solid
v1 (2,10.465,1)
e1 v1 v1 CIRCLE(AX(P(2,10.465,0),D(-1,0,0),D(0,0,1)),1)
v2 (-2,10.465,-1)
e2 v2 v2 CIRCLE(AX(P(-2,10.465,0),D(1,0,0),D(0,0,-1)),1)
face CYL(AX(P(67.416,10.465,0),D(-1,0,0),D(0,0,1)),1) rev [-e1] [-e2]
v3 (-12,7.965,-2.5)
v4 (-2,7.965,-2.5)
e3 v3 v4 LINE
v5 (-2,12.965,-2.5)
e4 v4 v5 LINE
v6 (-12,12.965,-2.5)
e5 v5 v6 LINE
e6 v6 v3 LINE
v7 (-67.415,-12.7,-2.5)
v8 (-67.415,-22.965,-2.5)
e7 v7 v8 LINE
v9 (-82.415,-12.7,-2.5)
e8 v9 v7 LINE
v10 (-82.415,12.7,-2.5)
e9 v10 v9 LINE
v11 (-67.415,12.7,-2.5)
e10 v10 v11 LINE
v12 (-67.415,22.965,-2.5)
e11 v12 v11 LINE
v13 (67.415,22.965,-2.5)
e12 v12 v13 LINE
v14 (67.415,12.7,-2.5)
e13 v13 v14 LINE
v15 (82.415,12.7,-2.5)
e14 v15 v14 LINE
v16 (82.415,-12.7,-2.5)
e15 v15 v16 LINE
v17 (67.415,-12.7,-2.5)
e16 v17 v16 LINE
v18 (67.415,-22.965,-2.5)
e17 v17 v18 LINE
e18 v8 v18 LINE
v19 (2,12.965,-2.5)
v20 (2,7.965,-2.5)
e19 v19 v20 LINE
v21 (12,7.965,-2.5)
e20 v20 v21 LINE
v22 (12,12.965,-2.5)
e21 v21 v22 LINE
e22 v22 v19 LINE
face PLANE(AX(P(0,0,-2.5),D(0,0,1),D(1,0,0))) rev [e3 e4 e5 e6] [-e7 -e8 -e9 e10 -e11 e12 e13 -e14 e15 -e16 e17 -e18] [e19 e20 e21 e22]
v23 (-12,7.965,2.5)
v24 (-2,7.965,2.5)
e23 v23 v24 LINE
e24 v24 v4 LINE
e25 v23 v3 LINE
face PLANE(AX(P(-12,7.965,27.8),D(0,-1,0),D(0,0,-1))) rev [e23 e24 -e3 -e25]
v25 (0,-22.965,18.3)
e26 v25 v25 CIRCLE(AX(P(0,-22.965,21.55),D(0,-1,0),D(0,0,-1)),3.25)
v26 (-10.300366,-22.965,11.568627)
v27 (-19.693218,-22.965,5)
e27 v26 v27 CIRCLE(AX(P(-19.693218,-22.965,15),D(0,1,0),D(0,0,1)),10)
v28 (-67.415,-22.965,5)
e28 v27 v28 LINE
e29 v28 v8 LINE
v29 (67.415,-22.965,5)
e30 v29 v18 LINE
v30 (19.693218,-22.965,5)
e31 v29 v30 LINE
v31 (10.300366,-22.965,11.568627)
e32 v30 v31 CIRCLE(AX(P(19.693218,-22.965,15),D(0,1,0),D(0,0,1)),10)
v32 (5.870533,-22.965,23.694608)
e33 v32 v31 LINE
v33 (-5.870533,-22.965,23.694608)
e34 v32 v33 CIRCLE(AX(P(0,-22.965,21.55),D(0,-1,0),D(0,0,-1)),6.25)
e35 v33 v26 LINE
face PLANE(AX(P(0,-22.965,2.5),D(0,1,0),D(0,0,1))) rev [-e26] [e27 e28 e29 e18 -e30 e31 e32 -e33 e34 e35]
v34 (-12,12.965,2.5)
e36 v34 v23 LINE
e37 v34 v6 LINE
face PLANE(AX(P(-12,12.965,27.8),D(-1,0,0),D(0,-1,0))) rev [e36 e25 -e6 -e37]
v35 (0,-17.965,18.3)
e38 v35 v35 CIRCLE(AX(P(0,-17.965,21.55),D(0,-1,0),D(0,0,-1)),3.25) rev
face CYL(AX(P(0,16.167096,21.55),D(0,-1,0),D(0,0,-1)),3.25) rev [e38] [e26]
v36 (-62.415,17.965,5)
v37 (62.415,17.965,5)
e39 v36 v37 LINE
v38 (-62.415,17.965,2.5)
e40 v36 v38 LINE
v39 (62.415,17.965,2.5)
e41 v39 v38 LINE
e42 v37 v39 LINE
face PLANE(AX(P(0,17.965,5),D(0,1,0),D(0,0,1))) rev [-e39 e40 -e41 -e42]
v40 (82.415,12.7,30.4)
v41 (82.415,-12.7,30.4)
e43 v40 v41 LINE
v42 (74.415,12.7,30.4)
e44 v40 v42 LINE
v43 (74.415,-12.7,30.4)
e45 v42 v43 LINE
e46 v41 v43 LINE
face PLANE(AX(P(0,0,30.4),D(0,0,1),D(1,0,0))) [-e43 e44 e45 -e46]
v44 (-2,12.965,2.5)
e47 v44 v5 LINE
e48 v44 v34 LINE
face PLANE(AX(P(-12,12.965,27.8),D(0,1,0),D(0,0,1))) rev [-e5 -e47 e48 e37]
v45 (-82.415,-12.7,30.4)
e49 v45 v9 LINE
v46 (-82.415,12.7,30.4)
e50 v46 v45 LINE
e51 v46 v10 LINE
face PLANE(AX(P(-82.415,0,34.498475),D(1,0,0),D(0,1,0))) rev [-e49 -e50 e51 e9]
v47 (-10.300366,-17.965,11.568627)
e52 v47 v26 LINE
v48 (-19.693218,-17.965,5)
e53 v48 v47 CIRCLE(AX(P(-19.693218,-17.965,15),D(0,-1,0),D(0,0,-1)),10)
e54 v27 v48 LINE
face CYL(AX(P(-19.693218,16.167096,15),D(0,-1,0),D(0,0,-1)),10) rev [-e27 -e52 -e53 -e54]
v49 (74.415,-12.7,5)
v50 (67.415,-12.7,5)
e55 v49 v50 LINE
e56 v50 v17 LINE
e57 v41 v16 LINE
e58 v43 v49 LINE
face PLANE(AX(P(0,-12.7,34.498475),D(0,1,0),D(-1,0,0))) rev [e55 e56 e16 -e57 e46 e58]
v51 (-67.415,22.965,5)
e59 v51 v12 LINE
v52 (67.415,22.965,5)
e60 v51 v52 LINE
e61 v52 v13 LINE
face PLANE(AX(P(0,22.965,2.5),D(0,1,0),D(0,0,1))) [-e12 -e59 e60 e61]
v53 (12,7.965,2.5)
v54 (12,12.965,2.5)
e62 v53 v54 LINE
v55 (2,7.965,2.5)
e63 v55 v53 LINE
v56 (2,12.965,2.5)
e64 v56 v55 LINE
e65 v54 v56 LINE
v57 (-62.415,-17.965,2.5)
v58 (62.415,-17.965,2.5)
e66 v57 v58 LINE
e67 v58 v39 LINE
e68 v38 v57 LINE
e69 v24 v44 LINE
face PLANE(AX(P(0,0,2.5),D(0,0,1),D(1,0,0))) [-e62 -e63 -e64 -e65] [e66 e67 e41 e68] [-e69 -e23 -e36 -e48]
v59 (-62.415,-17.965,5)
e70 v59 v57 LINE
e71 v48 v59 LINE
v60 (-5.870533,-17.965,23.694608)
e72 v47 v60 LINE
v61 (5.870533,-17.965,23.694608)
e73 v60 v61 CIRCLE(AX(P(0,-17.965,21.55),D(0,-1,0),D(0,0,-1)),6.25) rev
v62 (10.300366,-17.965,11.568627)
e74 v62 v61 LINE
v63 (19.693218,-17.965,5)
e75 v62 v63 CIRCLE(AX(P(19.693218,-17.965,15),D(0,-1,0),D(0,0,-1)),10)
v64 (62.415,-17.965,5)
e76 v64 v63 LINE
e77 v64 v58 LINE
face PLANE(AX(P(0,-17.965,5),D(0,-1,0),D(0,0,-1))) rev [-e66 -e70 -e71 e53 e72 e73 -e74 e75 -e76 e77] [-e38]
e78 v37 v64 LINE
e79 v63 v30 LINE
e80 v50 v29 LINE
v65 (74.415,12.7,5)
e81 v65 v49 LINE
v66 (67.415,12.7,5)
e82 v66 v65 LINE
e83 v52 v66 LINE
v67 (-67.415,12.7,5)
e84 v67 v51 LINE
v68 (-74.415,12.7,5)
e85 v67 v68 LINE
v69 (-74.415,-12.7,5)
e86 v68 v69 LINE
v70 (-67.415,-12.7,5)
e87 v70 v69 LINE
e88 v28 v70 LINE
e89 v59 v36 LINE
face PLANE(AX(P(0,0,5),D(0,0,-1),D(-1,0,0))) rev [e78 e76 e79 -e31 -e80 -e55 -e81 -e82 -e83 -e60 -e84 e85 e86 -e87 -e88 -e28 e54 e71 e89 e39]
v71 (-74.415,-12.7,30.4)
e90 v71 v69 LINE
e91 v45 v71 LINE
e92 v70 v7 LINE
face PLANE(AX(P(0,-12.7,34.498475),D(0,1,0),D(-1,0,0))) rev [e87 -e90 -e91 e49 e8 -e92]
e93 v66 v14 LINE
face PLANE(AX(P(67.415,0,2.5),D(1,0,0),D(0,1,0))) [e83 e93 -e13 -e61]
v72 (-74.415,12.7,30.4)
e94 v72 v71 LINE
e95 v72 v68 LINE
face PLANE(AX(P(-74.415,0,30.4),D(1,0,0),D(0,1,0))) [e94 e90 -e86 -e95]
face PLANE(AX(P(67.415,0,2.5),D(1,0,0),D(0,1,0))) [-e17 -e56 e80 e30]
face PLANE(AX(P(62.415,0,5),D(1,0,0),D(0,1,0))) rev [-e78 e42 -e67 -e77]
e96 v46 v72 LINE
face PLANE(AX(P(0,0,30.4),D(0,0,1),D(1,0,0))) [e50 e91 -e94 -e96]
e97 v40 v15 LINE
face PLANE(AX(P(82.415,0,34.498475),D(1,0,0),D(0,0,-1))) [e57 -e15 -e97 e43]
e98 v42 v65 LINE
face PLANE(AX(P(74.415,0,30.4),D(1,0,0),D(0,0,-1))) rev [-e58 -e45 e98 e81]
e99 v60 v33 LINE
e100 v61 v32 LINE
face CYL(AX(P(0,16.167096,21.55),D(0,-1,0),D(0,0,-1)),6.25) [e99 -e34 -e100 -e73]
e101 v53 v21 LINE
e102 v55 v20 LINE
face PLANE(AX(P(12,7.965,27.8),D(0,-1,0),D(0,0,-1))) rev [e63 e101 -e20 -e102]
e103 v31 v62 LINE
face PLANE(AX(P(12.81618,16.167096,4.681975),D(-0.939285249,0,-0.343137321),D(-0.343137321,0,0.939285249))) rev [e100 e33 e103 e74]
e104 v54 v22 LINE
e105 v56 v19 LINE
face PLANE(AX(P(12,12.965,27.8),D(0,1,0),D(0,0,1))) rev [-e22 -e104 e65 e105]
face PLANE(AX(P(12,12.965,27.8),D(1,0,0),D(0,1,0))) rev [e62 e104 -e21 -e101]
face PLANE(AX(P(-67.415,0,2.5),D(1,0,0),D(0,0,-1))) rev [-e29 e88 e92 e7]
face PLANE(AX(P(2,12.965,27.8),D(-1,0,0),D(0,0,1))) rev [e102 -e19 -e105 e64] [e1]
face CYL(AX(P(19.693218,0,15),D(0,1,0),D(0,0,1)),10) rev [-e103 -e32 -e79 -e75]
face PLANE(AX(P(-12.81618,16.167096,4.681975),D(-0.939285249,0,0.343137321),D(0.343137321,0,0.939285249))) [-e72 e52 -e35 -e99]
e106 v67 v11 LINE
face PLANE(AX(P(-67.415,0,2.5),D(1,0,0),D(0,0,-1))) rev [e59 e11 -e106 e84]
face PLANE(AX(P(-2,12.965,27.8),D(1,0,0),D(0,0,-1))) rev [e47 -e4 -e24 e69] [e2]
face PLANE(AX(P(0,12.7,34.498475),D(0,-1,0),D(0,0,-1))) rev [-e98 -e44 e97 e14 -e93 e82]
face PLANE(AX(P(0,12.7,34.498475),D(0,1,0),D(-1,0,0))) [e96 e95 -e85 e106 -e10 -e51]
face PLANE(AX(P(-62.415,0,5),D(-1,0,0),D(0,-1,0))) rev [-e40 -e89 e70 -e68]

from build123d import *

# Parameters (mm, degrees)
SKETCH1_W               = 134.83
SKETCH1_H               = 45.93
SKETCH1_W_2             = 124.83
SKETCH1_H_2             = 35.93
BOSS_EXTRUDE1_DEPTH     = 2.5
BOSS_EXTRUDE2_START     = 2.5
SKETCH1_3_W             = 134.83
SKETCH1_3_H             = 45.93
SKETCH1_3_W_2           = 124.83
SKETCH1_3_H_2           = 35.93
BOSS_EXTRUDE2_DEPTH     = 2.5
SKETCH2_R               = 6.25
SKETCH2_R_2             = 3.25
BOSS_EXTRUDE3_DEPTH     = 5
FILLET1_R               = 10
CUT_EXTRUDE4_DEPTH      = 78.396792246
CUT_EXTRUDE4_DEPTH_BACK = 78.396792246
SKETCH5_W               = 10
SKETCH5_H               = 5
SKETCH6_R               = 1
CUT_EXTRUDE5_DEPTH      = 4
SKETCH7_W               = 7
SKETCH7_H               = 25.4
SKETCH7_W_2             = 8
BOSS_EXTRUDE4_DEPTH     = 7.5
BOSS_EXTRUDE5_START     = -7.5
SKETCH7_4_W             = 8
SKETCH7_4_H             = 25.4
BOSS_EXTRUDE5_DEPTH     = 25.4


with BuildPart() as part:
    # Sketch1 → Boss-Extrude1 (new, symmetric)
    # profile 1 of 2: a face of its own
    with BuildSketch(Plane.XY):
        Rectangle(SKETCH1_W, SKETCH1_H)
        Rectangle(SKETCH1_W_2, SKETCH1_H_2, mode=Mode.SUBTRACT)
    # profile 2 of 2: a face of its own
    with BuildSketch(Plane.XY):
        Rectangle(SKETCH1_W_2, SKETCH1_H_2)
    extrude(amount=BOSS_EXTRUDE1_DEPTH, both=True)

    # Sketch1<3> → Boss-Extrude2 (add, symmetric)
    with BuildSketch(Plane.XY.offset(BOSS_EXTRUDE2_START)):
        Rectangle(SKETCH1_3_W, SKETCH1_3_H)
        Rectangle(SKETCH1_3_W_2, SKETCH1_3_H_2, mode=Mode.SUBTRACT)
    extrude(amount=BOSS_EXTRUDE2_DEPTH, both=True)

    # Sketch2 → Boss-Extrude3 (add)
    # profile 1 of 2: a face of its own
    with BuildSketch(Plane.XZ.offset(22.965)):
        with BuildLine():
            ThreePointArc((6.25, 21.55), (-1.088960505, 15.395597915), (-5.870532806, 23.694608256))
            Line((-5.870532806, 23.694608256), (-12.7, 5))
            Line((-12.7, 5), (12.7, 5))
            Line((12.7, 5), (5.870532806, 23.694608256))
            ThreePointArc((5.870532806, 23.694608256), (6.154402085, 22.638960505), (6.25, 21.55))
        make_face()
    # profile 2 of 2: a face of its own
    with BuildSketch(Plane.XZ.offset(22.965)):
        with Locations((0, 21.55)):
            Circle(SKETCH2_R)
        with Locations(Location((0, 21.55, 0), (0, 0, 270))):
            Circle(SKETCH2_R_2, mode=Mode.SUBTRACT)
    extrude(amount=-BOSS_EXTRUDE3_DEPTH)

    # Fillet1
    fillet1_edges = [part.edges().sort_by_distance(p)[0] for p in [
        (-12.7, -20.465, 5),
        (12.7, -20.465, 5),
    ]]
    fillet(fillet1_edges, radius=FILLET1_R)

    # Sketch5 → Cut-Extrude4 (cut, two sides: drawn at the far end of the back side and taken through both)
    with BuildSketch(Plane(origin=(0, 0, -2.5), x_dir=(-1, 0, 0), z_dir=(0, 0, -1)).offset(-CUT_EXTRUDE4_DEPTH_BACK)):
        with Locations((7, 10.465)):
            Rectangle(SKETCH5_W, SKETCH5_H)
        with Locations((-7, 10.465)):
            Rectangle(SKETCH5_W, SKETCH5_H)
    extrude(amount=CUT_EXTRUDE4_DEPTH + CUT_EXTRUDE4_DEPTH_BACK, mode=Mode.SUBTRACT)

    # Sketch6 → Cut-Extrude5 (cut)
    with BuildSketch(Plane.ZY.offset(2)):
        with Locations((0, 10.465)):
            Circle(SKETCH6_R)
    extrude(amount=-CUT_EXTRUDE5_DEPTH, mode=Mode.SUBTRACT)

    # Sketch7 → Boss-Extrude4 (add)
    with BuildSketch(Plane(origin=(0, 0, -2.5), x_dir=(-1, 0, 0), z_dir=(0, 0, -1))):
        with Locations((-70.915, 0)):
            Rectangle(SKETCH7_W, SKETCH7_H)
        with Locations((-78.415, 0)):
            Rectangle(SKETCH7_W_2, SKETCH7_H)
        with Locations((78.415, 0)):
            Rectangle(SKETCH7_W_2, SKETCH7_H)
        with Locations((70.915, 0)):
            Rectangle(SKETCH7_W, SKETCH7_H)
    extrude(amount=-BOSS_EXTRUDE4_DEPTH)

    # Sketch7<4> → Boss-Extrude5 (add)
    with BuildSketch(Plane(origin=(0, 0, -2.5), x_dir=(-1, 0, 0), z_dir=(0, 0, -1)).offset(BOSS_EXTRUDE5_START)):
        with Locations((-78.415, 0)):
            Rectangle(SKETCH7_4_W, SKETCH7_4_H)
        with Locations((78.415, 0)):
            Rectangle(SKETCH7_4_W, SKETCH7_4_H)
    extrude(amount=-BOSS_EXTRUDE5_DEPTH)


solid = part.part
